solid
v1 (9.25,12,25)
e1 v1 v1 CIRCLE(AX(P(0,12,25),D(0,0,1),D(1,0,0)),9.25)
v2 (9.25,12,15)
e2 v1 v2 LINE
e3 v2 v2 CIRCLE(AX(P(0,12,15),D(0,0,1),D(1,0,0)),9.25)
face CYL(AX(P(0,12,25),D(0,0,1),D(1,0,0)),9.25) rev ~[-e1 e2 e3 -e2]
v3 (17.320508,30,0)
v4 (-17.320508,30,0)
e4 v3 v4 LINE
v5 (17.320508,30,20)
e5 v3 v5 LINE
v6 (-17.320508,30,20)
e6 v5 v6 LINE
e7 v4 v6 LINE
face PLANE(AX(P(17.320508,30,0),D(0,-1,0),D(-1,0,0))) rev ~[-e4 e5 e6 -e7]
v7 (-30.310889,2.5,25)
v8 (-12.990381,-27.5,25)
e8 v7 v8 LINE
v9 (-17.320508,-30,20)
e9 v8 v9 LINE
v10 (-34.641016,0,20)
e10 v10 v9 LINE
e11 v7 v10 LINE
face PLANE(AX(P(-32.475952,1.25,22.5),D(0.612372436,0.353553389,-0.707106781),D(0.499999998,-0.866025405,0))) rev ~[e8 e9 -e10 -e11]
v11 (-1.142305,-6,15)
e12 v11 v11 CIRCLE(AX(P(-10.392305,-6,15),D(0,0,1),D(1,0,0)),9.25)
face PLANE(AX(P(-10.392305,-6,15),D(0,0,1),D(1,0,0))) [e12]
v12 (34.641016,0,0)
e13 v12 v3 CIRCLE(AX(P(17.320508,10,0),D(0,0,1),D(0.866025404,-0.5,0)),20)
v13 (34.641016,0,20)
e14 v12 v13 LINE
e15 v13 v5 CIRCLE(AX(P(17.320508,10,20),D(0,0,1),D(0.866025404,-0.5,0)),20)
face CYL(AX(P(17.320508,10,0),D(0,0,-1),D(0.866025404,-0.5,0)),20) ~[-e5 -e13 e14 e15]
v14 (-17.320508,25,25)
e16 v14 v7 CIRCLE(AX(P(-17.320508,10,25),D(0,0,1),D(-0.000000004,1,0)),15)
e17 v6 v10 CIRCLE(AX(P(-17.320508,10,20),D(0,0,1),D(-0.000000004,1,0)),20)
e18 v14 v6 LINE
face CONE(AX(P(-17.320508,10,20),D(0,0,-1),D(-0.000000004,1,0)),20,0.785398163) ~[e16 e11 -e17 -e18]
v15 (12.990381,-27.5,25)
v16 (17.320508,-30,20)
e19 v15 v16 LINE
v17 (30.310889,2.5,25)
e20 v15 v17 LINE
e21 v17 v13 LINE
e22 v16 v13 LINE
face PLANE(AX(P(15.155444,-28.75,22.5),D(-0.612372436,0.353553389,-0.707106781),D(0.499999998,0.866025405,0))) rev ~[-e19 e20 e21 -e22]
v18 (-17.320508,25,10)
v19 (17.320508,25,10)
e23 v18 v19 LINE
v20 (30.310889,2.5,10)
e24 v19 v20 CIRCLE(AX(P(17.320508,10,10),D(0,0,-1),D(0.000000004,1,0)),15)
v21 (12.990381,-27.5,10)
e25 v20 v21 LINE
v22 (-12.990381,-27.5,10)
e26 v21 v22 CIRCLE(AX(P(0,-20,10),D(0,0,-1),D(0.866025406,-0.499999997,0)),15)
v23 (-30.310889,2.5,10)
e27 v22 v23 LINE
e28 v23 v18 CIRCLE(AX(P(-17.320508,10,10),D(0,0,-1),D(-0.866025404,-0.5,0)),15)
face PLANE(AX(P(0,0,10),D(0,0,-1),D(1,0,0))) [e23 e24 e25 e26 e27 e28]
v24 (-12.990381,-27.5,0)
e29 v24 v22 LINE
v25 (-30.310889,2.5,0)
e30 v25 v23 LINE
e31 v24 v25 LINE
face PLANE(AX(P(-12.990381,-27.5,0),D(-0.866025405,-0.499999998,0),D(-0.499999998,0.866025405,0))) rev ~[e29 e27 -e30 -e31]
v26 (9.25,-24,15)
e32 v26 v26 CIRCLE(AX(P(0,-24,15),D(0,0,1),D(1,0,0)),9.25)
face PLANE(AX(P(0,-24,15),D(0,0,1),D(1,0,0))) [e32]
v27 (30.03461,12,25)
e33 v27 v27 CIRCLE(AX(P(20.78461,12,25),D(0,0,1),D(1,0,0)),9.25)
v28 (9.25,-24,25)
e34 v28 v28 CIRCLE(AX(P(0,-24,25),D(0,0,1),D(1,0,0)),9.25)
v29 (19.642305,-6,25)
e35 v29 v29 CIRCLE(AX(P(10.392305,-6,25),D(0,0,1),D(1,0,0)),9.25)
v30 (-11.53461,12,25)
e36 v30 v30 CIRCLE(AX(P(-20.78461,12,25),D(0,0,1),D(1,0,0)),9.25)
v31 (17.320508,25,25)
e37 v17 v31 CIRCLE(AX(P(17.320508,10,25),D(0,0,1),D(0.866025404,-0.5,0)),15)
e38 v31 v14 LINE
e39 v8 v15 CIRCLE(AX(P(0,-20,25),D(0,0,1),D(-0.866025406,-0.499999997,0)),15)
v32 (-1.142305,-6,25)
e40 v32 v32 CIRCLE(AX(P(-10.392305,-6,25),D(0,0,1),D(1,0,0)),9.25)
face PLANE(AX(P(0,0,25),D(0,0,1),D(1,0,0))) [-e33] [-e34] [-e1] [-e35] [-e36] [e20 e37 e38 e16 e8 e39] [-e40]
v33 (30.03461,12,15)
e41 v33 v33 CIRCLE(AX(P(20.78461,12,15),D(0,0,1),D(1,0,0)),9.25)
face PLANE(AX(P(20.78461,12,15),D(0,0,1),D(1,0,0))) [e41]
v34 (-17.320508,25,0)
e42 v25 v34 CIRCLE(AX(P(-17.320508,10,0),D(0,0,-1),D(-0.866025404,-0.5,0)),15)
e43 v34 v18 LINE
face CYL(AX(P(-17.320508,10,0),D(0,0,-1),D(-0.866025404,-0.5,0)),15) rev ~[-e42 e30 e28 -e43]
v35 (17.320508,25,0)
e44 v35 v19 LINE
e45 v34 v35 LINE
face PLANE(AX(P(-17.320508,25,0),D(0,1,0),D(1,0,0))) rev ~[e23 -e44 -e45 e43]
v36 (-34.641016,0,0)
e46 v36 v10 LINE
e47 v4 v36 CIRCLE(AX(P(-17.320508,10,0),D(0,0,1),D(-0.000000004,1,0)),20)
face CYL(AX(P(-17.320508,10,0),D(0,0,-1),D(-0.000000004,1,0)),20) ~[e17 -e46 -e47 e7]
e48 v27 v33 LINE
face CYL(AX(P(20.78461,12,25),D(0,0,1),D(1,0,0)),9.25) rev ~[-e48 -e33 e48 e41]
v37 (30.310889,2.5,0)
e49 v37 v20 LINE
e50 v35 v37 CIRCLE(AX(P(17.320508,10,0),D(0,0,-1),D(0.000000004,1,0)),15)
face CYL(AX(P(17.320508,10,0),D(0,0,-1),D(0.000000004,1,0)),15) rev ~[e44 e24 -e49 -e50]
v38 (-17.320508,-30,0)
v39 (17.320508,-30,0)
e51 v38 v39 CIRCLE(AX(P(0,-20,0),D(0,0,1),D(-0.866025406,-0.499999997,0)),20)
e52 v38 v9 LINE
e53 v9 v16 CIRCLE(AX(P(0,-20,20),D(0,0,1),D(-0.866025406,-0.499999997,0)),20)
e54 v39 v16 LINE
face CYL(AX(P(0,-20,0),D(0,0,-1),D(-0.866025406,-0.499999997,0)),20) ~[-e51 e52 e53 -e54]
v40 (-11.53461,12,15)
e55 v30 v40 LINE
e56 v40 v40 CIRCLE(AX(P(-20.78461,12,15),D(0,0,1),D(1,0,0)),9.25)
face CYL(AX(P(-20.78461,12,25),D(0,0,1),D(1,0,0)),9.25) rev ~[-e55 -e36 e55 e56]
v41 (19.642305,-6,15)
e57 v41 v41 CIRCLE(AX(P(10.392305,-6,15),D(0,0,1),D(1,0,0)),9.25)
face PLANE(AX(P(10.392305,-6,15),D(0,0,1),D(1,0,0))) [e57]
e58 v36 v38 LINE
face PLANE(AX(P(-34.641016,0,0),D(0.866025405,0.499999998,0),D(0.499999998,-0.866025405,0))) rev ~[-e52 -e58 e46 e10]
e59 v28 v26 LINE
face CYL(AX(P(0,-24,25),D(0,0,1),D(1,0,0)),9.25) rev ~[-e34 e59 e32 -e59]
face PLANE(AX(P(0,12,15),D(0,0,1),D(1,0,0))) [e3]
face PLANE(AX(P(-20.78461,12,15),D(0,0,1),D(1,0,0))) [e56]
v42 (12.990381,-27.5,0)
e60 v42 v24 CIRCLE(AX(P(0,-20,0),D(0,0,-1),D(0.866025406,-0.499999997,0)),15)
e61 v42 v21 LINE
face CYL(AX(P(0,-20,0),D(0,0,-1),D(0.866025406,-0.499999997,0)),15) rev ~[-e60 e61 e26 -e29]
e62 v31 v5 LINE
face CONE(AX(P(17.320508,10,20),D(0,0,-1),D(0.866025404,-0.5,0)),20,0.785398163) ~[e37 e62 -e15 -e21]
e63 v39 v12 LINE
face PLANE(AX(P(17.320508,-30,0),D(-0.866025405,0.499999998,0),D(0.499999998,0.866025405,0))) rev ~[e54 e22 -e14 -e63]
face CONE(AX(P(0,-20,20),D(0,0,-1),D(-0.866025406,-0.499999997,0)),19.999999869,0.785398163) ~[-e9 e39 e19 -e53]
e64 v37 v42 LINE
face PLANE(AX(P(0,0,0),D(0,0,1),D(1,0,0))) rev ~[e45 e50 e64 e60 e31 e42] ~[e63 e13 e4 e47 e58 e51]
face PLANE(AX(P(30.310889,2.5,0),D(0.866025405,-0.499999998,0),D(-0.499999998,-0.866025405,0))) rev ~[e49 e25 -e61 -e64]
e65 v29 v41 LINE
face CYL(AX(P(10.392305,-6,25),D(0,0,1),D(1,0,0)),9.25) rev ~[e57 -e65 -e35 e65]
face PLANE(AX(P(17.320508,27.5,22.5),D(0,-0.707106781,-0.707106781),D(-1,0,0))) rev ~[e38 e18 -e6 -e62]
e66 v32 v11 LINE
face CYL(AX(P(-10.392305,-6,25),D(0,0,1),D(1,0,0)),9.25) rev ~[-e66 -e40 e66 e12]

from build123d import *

# Parameters (mm, degrees)
F1_DEPTH = 25
F2_R     = 9.25
F3_DEPTH = 10
F4_SIZE  = 5
F6_DEPTH = 10


with BuildPart() as f1:
    # F0 (on Top) → F1 (new body)
    with BuildSketch(Plane.XY):
        with BuildLine():
            Line((17.320508, 30), (-17.320508, 30))
            ThreePointArc((-17.320508, 30), (-34.641016, 20), (-34.641016, 0))
            Line((-34.641016, 0), (-17.320508, -30))
            ThreePointArc((-17.320508, -30), (0, -40), (17.320508, -30))
            Line((17.320508, -30), (34.641016, 0))
            ThreePointArc((34.641016, 0), (34.641016, 20), (17.320508, 30))
        make_face()
    extrude(amount=F1_DEPTH)

    # F2 (on face) → F3 (cut)
    with BuildSketch(Plane.XY.offset(25)):
        with Locations((-20.78461, 12)):
            Circle(F2_R)
        with Locations((0, -24)):
            Circle(F2_R)
        with Locations((20.78461, 12)):
            Circle(F2_R)
        with Locations((0, 12)):
            Circle(F2_R)
        with Locations((-10.392305, -6)):
            Circle(F2_R)
        with Locations((10.392305, -6)):
            Circle(F2_R)
    extrude(amount=-F3_DEPTH, mode=Mode.SUBTRACT)

    # F4
    f4_edges = [f1.edges().sort_by_distance(p)[0] for p in [
        (25.980762, -15, 25),
    ]]
    chamfer(f4_edges, length=F4_SIZE)

    # F5 (on face) → F6 (cut)
    with BuildSketch(Plane(origin=(0, 0, 0), x_dir=(1, 0, 0), z_dir=(0, 0, -1))):
        with BuildLine():
            ThreePointArc((12.990381, 27.5), (0, 35), (-12.990381, 27.5))
            Line((-12.990381, 27.5), (-30.310889, -2.5))
            ThreePointArc((-30.310889, -2.5), (-30.310889, -17.5), (-17.320508, -25))
            Line((-17.320508, -25), (17.320508, -25))
            ThreePointArc((17.320508, -25), (30.310889, -17.5), (30.310889, -2.5))
            Line((30.310889, -2.5), (12.990381, 27.5))
        make_face()
    extrude(amount=-F6_DEPTH, mode=Mode.SUBTRACT)


solid = f1.part
